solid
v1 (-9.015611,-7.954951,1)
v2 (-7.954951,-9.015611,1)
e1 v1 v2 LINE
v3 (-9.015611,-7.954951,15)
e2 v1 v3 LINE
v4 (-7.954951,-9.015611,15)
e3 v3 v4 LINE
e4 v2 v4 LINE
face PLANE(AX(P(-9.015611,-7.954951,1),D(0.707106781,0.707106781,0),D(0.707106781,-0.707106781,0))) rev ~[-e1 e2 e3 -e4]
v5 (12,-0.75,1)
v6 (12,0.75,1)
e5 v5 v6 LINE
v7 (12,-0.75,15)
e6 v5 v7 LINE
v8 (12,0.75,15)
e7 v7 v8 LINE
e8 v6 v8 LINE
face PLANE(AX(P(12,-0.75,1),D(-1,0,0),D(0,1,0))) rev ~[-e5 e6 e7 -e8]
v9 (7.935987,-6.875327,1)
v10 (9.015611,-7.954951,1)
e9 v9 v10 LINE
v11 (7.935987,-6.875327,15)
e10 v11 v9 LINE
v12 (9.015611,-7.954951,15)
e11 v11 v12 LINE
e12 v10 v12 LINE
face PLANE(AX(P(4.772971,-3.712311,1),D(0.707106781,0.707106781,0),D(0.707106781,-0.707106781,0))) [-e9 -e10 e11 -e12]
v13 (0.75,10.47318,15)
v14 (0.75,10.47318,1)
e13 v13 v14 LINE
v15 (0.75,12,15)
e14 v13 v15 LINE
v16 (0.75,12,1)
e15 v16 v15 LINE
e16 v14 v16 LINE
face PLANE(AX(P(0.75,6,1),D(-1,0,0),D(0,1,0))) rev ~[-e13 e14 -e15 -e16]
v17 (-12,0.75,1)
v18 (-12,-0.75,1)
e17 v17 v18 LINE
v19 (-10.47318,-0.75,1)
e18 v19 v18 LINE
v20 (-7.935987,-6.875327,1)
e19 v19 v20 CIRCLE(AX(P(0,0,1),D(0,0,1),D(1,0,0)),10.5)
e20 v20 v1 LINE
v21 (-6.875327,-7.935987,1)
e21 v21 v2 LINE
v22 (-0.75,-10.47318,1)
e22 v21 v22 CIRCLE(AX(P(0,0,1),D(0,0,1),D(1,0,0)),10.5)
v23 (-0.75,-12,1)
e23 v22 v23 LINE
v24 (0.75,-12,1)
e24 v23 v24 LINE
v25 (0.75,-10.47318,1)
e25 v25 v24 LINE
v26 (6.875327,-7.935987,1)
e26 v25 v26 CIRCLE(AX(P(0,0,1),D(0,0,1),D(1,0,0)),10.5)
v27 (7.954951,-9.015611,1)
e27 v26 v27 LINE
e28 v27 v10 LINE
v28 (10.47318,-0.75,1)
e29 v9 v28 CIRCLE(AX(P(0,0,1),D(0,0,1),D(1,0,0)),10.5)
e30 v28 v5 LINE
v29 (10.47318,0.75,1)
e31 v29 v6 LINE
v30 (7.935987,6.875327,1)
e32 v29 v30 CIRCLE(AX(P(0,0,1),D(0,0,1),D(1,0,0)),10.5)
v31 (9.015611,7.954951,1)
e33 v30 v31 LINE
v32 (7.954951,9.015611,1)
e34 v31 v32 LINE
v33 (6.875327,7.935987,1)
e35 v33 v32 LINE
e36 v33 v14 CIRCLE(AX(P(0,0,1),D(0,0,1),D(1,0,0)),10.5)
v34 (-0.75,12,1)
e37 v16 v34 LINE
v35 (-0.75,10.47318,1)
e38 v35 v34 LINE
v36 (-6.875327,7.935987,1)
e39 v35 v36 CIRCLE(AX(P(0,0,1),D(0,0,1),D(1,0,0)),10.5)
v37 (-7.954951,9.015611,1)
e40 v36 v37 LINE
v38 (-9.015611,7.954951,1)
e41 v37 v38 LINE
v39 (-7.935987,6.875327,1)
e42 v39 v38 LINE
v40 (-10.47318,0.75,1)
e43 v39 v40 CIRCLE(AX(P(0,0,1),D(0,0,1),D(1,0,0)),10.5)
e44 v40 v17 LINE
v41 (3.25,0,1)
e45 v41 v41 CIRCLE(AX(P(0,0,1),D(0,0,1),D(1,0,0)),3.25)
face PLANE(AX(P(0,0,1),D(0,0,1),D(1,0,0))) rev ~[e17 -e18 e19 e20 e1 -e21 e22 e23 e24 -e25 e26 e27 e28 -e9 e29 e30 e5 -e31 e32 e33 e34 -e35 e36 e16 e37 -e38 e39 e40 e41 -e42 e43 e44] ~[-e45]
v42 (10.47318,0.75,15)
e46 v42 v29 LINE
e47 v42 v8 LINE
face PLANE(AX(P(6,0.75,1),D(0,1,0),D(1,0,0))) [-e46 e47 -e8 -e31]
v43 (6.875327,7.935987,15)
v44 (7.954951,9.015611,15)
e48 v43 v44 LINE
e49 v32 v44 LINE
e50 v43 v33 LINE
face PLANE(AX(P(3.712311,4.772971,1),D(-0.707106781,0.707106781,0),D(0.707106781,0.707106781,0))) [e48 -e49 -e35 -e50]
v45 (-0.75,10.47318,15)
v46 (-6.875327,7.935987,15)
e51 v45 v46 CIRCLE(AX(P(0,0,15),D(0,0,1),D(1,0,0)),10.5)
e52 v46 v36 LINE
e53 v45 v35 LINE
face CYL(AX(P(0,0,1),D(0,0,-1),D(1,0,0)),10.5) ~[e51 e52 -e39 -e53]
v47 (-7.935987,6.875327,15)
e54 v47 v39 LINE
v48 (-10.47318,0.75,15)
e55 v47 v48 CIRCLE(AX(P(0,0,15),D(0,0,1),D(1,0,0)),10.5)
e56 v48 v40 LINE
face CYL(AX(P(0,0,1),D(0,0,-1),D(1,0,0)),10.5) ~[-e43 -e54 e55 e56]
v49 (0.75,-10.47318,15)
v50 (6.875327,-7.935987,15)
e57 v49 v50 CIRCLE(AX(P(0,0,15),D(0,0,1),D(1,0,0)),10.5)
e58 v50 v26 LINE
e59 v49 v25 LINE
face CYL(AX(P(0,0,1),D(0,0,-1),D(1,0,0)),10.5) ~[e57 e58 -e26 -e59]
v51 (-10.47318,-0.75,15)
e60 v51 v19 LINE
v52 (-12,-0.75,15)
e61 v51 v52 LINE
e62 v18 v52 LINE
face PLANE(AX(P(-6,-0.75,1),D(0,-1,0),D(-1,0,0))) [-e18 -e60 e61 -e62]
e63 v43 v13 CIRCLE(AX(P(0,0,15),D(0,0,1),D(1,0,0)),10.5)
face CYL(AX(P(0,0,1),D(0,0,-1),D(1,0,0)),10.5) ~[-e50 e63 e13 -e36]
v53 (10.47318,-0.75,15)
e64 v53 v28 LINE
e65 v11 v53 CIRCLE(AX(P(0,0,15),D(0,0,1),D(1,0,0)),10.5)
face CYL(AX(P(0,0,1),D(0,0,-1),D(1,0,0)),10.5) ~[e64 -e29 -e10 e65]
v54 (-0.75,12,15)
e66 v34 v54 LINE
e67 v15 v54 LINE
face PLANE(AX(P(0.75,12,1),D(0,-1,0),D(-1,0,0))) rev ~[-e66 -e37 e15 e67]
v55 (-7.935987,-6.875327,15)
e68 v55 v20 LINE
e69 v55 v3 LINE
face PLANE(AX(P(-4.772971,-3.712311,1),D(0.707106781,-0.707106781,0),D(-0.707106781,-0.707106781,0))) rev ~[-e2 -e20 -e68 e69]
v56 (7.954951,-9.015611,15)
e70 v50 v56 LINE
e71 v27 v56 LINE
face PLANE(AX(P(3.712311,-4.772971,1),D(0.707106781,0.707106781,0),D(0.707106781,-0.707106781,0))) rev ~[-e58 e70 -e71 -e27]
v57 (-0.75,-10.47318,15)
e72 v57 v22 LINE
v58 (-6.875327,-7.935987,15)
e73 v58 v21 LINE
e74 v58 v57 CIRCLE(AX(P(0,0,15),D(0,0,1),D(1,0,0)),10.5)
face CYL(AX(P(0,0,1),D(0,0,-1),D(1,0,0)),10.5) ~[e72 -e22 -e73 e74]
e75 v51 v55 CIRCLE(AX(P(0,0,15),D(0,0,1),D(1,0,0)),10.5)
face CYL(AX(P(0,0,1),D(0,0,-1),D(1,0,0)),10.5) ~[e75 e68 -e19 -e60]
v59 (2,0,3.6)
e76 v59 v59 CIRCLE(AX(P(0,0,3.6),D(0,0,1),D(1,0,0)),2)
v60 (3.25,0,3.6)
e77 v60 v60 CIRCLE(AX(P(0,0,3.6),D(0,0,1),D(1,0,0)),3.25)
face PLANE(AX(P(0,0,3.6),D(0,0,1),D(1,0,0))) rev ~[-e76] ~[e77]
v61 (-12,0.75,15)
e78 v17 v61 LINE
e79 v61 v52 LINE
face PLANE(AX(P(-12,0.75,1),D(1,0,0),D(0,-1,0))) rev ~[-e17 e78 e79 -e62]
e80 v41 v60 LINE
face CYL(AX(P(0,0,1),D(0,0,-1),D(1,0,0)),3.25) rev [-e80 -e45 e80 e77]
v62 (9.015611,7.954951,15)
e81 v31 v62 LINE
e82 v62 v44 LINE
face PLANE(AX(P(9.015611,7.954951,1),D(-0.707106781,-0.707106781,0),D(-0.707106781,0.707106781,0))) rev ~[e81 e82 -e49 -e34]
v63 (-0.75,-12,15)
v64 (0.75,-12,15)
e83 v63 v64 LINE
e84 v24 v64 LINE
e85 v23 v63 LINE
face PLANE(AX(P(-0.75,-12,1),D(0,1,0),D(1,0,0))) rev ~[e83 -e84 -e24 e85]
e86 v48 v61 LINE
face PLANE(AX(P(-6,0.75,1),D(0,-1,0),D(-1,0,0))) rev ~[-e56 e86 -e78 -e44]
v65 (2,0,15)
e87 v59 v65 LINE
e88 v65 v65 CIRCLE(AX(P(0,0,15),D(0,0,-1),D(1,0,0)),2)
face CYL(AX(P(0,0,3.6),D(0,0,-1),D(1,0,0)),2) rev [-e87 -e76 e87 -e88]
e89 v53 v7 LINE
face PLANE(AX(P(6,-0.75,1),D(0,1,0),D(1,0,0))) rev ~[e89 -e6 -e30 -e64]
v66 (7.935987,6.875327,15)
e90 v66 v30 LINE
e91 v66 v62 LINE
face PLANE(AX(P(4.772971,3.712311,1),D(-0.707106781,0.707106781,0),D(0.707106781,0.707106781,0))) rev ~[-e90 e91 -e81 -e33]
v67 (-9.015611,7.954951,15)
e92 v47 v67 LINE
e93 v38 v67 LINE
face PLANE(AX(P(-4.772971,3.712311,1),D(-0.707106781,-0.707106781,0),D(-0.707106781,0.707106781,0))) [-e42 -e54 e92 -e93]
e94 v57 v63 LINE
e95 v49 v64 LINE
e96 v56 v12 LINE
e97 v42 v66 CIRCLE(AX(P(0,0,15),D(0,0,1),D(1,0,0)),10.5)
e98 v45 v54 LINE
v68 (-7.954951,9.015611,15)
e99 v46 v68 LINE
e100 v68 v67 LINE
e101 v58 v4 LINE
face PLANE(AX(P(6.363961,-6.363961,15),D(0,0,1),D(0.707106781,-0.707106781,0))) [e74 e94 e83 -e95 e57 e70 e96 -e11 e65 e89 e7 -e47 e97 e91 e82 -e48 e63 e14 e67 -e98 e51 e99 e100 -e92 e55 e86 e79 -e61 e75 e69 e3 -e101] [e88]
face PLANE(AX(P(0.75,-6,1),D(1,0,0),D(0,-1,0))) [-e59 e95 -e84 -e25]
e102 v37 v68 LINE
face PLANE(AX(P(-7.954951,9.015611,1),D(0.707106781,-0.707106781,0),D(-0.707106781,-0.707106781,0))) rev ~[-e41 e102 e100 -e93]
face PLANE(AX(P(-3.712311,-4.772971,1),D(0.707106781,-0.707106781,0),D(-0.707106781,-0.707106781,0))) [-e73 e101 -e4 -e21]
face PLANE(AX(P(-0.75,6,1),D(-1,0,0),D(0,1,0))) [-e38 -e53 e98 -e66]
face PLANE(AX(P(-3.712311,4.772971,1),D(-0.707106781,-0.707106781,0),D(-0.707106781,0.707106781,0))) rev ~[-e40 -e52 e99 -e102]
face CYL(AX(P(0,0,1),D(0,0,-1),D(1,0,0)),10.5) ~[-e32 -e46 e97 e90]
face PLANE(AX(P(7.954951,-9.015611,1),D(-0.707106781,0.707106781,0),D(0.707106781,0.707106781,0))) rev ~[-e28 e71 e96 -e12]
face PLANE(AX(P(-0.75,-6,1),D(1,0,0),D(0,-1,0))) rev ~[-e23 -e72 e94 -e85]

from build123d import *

# Parameters (mm, degrees)
CYLINDER057_R     = 2
CYLINDER057_DEPTH = 13
CYLINDER059_R     = 3.25
CYLINDER059_DEPTH = 2.6
BOX019_W          = 6
BOX019_H          = 1.5
BOX019_DEPTH      = 14
ARRAY004_COUNT    = 8
CYLINDER055_R     = 10.5
CYLINDER055_DEPTH = 14


with BuildPart() as cylinder052:
    # Cylinder057 → Cylinder057 (new body)
    with BuildSketch(Plane.XY.offset(3.6)):
        Circle(CYLINDER057_R)
    extrude(amount=CYLINDER057_DEPTH)


with BuildPart() as cylinder054:
    # Cylinder059 → Cylinder059 (new body)
    with BuildSketch(Plane.XY.offset(1)):
        Circle(CYLINDER059_R)
    extrude(amount=CYLINDER059_DEPTH)


with BuildPart() as array004:
    # Box019 → Box019 (new body)
    with BuildSketch(Plane(origin=(6, -0.75, 0), x_dir=(1, 0, 0), z_dir=(0, 0, 1))):
        with Locations((3, 0.75)):
            Rectangle(BOX019_W, BOX019_H)
    extrude(amount=BOX019_DEPTH)

    # Array004: Array004 ×8 about axis
    array004_axis = Axis((0, 0, 0), (0, 0, 1))


with BuildPart() as array004_1:
    add(array004.part)
    for i in range(1, ARRAY004_COUNT):
        add(array004.part.rotate(array004_axis, i * 360 / ARRAY004_COUNT))


with BuildPart() as base_para_rosca_microfono_final:
    # Cylinder055 → Cylinder055 (new body)
    with BuildSketch(Plane.XY):
        Circle(CYLINDER055_R)
    extrude(amount=CYLINDER055_DEPTH)

    # Fusion021: union Array004
    add(array004_1.part)


with BuildPart() as base_para_rosca_microfono_final_1:
    # Fusion021 placement: moved
    add(base_para_rosca_microfono_final.part.moved(Location((0, 0, 1))))

    # Cut043: cut Cylinder054
    add(cylinder054.part, mode=Mode.SUBTRACT)

    # Cut044: cut Cylinder052
    add(cylinder052.part, mode=Mode.SUBTRACT)


solid = base_para_rosca_microfono_final_1.part
